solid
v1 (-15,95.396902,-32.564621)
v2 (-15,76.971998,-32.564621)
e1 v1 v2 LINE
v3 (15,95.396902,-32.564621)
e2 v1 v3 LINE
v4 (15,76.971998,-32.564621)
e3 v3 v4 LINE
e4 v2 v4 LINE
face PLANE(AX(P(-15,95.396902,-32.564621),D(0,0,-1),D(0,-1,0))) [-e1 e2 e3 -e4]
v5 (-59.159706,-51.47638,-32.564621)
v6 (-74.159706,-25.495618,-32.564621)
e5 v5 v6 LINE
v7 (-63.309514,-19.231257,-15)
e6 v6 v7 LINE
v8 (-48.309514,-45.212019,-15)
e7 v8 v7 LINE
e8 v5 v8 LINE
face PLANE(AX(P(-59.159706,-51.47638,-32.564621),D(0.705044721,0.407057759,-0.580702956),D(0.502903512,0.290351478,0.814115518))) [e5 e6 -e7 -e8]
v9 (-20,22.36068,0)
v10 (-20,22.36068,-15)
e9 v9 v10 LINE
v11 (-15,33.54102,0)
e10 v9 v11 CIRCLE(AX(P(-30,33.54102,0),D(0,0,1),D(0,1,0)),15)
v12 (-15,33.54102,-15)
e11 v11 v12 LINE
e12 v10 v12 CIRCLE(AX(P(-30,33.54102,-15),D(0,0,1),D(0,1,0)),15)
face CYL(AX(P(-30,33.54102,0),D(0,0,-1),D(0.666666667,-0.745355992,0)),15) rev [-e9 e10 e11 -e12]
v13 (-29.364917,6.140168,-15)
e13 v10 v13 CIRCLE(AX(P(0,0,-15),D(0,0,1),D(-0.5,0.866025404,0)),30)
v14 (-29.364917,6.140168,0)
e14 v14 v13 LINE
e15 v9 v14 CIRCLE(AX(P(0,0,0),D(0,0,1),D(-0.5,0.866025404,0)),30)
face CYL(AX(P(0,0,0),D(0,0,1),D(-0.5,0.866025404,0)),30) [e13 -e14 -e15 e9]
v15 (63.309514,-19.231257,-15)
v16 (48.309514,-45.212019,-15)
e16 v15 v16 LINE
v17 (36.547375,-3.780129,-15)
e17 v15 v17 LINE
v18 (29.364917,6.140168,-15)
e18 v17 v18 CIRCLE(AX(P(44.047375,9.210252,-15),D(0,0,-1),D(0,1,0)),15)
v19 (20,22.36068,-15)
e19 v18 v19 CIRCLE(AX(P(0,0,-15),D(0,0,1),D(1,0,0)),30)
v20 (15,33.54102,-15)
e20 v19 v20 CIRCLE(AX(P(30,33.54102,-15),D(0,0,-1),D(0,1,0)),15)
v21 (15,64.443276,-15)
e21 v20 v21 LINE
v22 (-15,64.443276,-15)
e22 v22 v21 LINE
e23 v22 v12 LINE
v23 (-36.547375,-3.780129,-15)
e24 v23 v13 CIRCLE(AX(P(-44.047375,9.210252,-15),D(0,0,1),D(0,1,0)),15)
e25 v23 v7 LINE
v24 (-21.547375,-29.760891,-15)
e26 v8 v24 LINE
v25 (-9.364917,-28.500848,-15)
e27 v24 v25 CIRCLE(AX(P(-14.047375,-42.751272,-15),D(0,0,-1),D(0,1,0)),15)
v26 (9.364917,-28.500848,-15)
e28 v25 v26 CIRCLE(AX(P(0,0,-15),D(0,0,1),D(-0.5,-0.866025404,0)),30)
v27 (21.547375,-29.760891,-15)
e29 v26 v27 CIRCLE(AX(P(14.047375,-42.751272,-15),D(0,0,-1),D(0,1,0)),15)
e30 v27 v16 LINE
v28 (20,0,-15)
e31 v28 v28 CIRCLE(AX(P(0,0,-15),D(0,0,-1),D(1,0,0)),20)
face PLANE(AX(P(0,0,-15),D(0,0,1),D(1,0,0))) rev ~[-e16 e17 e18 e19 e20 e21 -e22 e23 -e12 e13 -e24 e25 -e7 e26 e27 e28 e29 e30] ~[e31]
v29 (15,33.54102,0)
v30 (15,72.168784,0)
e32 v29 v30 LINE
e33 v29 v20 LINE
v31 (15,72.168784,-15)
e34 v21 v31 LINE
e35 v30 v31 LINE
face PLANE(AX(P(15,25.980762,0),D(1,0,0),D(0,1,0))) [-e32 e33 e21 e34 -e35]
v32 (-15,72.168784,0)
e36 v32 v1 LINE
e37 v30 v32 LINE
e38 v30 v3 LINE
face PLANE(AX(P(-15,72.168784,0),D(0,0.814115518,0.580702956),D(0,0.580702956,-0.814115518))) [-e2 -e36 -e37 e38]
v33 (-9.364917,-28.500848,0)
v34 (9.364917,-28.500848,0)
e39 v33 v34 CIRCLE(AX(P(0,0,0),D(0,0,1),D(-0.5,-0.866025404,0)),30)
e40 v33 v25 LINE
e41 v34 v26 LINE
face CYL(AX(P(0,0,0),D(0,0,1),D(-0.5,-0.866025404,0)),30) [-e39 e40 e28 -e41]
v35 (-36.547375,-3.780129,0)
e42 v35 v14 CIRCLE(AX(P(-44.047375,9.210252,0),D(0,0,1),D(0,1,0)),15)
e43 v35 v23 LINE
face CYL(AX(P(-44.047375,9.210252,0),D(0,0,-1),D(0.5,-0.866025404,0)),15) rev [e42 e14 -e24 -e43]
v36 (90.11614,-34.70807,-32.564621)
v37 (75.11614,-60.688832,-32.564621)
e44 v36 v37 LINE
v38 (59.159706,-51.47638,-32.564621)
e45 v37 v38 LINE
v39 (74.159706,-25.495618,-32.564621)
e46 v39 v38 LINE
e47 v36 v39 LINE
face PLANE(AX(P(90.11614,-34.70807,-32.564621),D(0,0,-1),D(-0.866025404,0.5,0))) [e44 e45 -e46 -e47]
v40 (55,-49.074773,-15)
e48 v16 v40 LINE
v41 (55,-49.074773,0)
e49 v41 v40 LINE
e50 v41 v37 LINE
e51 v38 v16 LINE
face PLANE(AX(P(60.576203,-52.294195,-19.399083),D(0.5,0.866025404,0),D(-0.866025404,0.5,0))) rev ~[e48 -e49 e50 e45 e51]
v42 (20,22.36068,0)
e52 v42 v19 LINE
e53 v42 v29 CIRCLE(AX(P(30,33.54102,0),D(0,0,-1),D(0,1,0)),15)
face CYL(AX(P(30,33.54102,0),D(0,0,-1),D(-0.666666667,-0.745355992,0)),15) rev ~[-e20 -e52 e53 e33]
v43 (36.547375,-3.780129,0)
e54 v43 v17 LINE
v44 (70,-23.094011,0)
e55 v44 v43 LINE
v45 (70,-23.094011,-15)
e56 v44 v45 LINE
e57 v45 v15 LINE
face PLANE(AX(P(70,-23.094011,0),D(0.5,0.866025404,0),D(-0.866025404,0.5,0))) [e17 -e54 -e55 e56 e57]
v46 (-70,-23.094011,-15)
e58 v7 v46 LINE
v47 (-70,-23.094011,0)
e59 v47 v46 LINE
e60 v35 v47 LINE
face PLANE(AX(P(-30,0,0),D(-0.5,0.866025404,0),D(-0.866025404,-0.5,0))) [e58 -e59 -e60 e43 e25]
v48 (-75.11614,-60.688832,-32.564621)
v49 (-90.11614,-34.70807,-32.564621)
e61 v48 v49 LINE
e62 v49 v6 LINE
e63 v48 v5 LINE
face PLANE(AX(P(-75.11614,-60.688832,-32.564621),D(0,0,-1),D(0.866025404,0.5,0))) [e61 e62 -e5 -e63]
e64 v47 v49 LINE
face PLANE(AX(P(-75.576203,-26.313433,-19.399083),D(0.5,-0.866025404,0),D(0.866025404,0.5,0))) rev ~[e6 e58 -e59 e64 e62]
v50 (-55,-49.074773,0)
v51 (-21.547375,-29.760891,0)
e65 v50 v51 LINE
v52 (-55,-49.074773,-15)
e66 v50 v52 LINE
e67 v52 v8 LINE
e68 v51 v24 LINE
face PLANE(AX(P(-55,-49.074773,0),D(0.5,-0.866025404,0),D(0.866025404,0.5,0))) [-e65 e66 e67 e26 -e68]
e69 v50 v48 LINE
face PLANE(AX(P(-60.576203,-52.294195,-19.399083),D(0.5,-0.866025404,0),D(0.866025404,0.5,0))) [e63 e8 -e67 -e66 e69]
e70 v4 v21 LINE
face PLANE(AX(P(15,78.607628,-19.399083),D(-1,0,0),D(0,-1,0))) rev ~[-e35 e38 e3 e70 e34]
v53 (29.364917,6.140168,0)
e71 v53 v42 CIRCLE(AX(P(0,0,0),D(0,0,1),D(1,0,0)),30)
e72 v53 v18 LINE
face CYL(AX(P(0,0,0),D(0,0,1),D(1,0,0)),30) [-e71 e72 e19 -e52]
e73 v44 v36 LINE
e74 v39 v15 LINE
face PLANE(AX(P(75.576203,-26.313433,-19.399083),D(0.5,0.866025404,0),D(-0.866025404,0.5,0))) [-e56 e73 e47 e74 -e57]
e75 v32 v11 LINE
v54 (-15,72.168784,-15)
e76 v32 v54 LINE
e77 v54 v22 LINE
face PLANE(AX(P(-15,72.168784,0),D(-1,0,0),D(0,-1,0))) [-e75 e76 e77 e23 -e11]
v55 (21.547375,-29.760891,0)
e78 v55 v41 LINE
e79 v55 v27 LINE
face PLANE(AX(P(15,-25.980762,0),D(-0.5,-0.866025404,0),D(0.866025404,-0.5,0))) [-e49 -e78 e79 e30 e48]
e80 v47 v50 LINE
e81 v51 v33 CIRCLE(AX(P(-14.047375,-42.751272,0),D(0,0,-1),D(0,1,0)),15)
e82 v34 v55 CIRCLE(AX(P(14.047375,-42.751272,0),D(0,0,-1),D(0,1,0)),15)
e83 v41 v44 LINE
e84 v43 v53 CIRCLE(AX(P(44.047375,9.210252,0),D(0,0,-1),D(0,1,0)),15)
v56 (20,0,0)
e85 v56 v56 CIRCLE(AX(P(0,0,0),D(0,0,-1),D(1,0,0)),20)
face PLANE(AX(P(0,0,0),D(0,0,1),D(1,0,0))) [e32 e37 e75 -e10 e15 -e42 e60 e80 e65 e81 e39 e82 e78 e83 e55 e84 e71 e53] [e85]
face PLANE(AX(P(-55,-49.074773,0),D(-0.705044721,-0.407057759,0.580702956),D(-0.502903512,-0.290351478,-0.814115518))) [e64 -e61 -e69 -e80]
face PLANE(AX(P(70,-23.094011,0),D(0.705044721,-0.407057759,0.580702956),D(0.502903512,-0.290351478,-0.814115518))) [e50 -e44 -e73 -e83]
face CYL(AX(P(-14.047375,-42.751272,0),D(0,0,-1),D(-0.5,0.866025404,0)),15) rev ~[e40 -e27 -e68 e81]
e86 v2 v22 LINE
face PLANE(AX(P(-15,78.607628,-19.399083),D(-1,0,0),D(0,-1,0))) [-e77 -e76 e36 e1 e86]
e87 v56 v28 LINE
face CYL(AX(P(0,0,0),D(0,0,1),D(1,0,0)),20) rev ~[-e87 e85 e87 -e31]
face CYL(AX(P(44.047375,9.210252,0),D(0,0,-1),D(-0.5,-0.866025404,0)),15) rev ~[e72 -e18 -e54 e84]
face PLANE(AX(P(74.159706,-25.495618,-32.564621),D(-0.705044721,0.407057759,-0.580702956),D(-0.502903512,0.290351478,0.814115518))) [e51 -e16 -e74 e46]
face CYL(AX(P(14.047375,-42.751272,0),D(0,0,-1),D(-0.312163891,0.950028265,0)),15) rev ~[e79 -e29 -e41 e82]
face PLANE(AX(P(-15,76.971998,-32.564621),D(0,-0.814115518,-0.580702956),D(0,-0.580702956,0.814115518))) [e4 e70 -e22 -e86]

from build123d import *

# Parameters (mm, degrees)
F0_R     = 20
F1_DEPTH = 15
F2_R     = 15
F4_DEPTH = 30
F6_COUNT = 3


with BuildPart() as f1:
    # F0 (on Top) → F1 (new body)
    with BuildSketch(Plane.XY):
        with BuildLine():
            Line((-55, -49.0747728811), (-15, -25.9807621135))
            ThreePointArc((-15, -25.9807621135), (0, -30), (15, -25.9807621135))
            Line((15, -25.9807621135), (55, -49.0747728811))
            Line((55, -49.0747728811), (70, -23.0940107676))
            Line((70, -23.0940107676), (30, 0))
            ThreePointArc((30, 0), (25.9807621135, 15), (15, 25.9807621135))
            Line((15, 25.9807621135), (15, 72.1687836487))
            Line((15, 72.1687836487), (-15, 72.1687836487))
            Line((-15, 72.1687836487), (-15, 25.9807621135))
            ThreePointArc((-15, 25.9807621135), (-25.9807621135, 15), (-30, 0))
            Line((-30, 0), (-70, -23.0940107676))
            Line((-70, -23.0940107676), (-55, -49.0747728811))
        make_face()
        Circle(F0_R, mode=Mode.SUBTRACT)
    extrude(amount=-F1_DEPTH)

    # F2
    f2_edges = [f1.edges().sort_by_distance(p)[0] for p in [
        (-15, 25.980762, -7.5),
        (-30, 0, -7.5),
        (-15, -25.980762, -7.5),
        (15, -25.980762, -7.5),
        (15, 25.980762, -7.5),
        (30, 0, -7.5),
    ]]
    fillet(f2_edges, radius=F2_R)

    # F3 (on face) → F4 (join, through all)
    with BuildSketch(Plane(origin=(7.5, -12.9903810568, 0), x_dir=(0.8660254038, 0.5, 0), z_dir=(0.5, -0.8660254038, 0))):
        Polygon((-72.1687836487, -15), (-72.1687836487, 0), (-95.3969018771, -32.5646207343), (-76.9719982096, -32.5646207343), (-64.4432759996, -15), align=None)
    extrude(amount=-F4_DEPTH)

    # F6: F1 ×3 about axis
    f6_axis = Axis((0, 0, 0.5822554231), (0, 0, -1))


with BuildPart() as f1_1:
    add(f1.part)
    for i in range(1, F6_COUNT):
        add(f1.part.rotate(f6_axis, i * 360 / F6_COUNT))


solid = f1_1.part
